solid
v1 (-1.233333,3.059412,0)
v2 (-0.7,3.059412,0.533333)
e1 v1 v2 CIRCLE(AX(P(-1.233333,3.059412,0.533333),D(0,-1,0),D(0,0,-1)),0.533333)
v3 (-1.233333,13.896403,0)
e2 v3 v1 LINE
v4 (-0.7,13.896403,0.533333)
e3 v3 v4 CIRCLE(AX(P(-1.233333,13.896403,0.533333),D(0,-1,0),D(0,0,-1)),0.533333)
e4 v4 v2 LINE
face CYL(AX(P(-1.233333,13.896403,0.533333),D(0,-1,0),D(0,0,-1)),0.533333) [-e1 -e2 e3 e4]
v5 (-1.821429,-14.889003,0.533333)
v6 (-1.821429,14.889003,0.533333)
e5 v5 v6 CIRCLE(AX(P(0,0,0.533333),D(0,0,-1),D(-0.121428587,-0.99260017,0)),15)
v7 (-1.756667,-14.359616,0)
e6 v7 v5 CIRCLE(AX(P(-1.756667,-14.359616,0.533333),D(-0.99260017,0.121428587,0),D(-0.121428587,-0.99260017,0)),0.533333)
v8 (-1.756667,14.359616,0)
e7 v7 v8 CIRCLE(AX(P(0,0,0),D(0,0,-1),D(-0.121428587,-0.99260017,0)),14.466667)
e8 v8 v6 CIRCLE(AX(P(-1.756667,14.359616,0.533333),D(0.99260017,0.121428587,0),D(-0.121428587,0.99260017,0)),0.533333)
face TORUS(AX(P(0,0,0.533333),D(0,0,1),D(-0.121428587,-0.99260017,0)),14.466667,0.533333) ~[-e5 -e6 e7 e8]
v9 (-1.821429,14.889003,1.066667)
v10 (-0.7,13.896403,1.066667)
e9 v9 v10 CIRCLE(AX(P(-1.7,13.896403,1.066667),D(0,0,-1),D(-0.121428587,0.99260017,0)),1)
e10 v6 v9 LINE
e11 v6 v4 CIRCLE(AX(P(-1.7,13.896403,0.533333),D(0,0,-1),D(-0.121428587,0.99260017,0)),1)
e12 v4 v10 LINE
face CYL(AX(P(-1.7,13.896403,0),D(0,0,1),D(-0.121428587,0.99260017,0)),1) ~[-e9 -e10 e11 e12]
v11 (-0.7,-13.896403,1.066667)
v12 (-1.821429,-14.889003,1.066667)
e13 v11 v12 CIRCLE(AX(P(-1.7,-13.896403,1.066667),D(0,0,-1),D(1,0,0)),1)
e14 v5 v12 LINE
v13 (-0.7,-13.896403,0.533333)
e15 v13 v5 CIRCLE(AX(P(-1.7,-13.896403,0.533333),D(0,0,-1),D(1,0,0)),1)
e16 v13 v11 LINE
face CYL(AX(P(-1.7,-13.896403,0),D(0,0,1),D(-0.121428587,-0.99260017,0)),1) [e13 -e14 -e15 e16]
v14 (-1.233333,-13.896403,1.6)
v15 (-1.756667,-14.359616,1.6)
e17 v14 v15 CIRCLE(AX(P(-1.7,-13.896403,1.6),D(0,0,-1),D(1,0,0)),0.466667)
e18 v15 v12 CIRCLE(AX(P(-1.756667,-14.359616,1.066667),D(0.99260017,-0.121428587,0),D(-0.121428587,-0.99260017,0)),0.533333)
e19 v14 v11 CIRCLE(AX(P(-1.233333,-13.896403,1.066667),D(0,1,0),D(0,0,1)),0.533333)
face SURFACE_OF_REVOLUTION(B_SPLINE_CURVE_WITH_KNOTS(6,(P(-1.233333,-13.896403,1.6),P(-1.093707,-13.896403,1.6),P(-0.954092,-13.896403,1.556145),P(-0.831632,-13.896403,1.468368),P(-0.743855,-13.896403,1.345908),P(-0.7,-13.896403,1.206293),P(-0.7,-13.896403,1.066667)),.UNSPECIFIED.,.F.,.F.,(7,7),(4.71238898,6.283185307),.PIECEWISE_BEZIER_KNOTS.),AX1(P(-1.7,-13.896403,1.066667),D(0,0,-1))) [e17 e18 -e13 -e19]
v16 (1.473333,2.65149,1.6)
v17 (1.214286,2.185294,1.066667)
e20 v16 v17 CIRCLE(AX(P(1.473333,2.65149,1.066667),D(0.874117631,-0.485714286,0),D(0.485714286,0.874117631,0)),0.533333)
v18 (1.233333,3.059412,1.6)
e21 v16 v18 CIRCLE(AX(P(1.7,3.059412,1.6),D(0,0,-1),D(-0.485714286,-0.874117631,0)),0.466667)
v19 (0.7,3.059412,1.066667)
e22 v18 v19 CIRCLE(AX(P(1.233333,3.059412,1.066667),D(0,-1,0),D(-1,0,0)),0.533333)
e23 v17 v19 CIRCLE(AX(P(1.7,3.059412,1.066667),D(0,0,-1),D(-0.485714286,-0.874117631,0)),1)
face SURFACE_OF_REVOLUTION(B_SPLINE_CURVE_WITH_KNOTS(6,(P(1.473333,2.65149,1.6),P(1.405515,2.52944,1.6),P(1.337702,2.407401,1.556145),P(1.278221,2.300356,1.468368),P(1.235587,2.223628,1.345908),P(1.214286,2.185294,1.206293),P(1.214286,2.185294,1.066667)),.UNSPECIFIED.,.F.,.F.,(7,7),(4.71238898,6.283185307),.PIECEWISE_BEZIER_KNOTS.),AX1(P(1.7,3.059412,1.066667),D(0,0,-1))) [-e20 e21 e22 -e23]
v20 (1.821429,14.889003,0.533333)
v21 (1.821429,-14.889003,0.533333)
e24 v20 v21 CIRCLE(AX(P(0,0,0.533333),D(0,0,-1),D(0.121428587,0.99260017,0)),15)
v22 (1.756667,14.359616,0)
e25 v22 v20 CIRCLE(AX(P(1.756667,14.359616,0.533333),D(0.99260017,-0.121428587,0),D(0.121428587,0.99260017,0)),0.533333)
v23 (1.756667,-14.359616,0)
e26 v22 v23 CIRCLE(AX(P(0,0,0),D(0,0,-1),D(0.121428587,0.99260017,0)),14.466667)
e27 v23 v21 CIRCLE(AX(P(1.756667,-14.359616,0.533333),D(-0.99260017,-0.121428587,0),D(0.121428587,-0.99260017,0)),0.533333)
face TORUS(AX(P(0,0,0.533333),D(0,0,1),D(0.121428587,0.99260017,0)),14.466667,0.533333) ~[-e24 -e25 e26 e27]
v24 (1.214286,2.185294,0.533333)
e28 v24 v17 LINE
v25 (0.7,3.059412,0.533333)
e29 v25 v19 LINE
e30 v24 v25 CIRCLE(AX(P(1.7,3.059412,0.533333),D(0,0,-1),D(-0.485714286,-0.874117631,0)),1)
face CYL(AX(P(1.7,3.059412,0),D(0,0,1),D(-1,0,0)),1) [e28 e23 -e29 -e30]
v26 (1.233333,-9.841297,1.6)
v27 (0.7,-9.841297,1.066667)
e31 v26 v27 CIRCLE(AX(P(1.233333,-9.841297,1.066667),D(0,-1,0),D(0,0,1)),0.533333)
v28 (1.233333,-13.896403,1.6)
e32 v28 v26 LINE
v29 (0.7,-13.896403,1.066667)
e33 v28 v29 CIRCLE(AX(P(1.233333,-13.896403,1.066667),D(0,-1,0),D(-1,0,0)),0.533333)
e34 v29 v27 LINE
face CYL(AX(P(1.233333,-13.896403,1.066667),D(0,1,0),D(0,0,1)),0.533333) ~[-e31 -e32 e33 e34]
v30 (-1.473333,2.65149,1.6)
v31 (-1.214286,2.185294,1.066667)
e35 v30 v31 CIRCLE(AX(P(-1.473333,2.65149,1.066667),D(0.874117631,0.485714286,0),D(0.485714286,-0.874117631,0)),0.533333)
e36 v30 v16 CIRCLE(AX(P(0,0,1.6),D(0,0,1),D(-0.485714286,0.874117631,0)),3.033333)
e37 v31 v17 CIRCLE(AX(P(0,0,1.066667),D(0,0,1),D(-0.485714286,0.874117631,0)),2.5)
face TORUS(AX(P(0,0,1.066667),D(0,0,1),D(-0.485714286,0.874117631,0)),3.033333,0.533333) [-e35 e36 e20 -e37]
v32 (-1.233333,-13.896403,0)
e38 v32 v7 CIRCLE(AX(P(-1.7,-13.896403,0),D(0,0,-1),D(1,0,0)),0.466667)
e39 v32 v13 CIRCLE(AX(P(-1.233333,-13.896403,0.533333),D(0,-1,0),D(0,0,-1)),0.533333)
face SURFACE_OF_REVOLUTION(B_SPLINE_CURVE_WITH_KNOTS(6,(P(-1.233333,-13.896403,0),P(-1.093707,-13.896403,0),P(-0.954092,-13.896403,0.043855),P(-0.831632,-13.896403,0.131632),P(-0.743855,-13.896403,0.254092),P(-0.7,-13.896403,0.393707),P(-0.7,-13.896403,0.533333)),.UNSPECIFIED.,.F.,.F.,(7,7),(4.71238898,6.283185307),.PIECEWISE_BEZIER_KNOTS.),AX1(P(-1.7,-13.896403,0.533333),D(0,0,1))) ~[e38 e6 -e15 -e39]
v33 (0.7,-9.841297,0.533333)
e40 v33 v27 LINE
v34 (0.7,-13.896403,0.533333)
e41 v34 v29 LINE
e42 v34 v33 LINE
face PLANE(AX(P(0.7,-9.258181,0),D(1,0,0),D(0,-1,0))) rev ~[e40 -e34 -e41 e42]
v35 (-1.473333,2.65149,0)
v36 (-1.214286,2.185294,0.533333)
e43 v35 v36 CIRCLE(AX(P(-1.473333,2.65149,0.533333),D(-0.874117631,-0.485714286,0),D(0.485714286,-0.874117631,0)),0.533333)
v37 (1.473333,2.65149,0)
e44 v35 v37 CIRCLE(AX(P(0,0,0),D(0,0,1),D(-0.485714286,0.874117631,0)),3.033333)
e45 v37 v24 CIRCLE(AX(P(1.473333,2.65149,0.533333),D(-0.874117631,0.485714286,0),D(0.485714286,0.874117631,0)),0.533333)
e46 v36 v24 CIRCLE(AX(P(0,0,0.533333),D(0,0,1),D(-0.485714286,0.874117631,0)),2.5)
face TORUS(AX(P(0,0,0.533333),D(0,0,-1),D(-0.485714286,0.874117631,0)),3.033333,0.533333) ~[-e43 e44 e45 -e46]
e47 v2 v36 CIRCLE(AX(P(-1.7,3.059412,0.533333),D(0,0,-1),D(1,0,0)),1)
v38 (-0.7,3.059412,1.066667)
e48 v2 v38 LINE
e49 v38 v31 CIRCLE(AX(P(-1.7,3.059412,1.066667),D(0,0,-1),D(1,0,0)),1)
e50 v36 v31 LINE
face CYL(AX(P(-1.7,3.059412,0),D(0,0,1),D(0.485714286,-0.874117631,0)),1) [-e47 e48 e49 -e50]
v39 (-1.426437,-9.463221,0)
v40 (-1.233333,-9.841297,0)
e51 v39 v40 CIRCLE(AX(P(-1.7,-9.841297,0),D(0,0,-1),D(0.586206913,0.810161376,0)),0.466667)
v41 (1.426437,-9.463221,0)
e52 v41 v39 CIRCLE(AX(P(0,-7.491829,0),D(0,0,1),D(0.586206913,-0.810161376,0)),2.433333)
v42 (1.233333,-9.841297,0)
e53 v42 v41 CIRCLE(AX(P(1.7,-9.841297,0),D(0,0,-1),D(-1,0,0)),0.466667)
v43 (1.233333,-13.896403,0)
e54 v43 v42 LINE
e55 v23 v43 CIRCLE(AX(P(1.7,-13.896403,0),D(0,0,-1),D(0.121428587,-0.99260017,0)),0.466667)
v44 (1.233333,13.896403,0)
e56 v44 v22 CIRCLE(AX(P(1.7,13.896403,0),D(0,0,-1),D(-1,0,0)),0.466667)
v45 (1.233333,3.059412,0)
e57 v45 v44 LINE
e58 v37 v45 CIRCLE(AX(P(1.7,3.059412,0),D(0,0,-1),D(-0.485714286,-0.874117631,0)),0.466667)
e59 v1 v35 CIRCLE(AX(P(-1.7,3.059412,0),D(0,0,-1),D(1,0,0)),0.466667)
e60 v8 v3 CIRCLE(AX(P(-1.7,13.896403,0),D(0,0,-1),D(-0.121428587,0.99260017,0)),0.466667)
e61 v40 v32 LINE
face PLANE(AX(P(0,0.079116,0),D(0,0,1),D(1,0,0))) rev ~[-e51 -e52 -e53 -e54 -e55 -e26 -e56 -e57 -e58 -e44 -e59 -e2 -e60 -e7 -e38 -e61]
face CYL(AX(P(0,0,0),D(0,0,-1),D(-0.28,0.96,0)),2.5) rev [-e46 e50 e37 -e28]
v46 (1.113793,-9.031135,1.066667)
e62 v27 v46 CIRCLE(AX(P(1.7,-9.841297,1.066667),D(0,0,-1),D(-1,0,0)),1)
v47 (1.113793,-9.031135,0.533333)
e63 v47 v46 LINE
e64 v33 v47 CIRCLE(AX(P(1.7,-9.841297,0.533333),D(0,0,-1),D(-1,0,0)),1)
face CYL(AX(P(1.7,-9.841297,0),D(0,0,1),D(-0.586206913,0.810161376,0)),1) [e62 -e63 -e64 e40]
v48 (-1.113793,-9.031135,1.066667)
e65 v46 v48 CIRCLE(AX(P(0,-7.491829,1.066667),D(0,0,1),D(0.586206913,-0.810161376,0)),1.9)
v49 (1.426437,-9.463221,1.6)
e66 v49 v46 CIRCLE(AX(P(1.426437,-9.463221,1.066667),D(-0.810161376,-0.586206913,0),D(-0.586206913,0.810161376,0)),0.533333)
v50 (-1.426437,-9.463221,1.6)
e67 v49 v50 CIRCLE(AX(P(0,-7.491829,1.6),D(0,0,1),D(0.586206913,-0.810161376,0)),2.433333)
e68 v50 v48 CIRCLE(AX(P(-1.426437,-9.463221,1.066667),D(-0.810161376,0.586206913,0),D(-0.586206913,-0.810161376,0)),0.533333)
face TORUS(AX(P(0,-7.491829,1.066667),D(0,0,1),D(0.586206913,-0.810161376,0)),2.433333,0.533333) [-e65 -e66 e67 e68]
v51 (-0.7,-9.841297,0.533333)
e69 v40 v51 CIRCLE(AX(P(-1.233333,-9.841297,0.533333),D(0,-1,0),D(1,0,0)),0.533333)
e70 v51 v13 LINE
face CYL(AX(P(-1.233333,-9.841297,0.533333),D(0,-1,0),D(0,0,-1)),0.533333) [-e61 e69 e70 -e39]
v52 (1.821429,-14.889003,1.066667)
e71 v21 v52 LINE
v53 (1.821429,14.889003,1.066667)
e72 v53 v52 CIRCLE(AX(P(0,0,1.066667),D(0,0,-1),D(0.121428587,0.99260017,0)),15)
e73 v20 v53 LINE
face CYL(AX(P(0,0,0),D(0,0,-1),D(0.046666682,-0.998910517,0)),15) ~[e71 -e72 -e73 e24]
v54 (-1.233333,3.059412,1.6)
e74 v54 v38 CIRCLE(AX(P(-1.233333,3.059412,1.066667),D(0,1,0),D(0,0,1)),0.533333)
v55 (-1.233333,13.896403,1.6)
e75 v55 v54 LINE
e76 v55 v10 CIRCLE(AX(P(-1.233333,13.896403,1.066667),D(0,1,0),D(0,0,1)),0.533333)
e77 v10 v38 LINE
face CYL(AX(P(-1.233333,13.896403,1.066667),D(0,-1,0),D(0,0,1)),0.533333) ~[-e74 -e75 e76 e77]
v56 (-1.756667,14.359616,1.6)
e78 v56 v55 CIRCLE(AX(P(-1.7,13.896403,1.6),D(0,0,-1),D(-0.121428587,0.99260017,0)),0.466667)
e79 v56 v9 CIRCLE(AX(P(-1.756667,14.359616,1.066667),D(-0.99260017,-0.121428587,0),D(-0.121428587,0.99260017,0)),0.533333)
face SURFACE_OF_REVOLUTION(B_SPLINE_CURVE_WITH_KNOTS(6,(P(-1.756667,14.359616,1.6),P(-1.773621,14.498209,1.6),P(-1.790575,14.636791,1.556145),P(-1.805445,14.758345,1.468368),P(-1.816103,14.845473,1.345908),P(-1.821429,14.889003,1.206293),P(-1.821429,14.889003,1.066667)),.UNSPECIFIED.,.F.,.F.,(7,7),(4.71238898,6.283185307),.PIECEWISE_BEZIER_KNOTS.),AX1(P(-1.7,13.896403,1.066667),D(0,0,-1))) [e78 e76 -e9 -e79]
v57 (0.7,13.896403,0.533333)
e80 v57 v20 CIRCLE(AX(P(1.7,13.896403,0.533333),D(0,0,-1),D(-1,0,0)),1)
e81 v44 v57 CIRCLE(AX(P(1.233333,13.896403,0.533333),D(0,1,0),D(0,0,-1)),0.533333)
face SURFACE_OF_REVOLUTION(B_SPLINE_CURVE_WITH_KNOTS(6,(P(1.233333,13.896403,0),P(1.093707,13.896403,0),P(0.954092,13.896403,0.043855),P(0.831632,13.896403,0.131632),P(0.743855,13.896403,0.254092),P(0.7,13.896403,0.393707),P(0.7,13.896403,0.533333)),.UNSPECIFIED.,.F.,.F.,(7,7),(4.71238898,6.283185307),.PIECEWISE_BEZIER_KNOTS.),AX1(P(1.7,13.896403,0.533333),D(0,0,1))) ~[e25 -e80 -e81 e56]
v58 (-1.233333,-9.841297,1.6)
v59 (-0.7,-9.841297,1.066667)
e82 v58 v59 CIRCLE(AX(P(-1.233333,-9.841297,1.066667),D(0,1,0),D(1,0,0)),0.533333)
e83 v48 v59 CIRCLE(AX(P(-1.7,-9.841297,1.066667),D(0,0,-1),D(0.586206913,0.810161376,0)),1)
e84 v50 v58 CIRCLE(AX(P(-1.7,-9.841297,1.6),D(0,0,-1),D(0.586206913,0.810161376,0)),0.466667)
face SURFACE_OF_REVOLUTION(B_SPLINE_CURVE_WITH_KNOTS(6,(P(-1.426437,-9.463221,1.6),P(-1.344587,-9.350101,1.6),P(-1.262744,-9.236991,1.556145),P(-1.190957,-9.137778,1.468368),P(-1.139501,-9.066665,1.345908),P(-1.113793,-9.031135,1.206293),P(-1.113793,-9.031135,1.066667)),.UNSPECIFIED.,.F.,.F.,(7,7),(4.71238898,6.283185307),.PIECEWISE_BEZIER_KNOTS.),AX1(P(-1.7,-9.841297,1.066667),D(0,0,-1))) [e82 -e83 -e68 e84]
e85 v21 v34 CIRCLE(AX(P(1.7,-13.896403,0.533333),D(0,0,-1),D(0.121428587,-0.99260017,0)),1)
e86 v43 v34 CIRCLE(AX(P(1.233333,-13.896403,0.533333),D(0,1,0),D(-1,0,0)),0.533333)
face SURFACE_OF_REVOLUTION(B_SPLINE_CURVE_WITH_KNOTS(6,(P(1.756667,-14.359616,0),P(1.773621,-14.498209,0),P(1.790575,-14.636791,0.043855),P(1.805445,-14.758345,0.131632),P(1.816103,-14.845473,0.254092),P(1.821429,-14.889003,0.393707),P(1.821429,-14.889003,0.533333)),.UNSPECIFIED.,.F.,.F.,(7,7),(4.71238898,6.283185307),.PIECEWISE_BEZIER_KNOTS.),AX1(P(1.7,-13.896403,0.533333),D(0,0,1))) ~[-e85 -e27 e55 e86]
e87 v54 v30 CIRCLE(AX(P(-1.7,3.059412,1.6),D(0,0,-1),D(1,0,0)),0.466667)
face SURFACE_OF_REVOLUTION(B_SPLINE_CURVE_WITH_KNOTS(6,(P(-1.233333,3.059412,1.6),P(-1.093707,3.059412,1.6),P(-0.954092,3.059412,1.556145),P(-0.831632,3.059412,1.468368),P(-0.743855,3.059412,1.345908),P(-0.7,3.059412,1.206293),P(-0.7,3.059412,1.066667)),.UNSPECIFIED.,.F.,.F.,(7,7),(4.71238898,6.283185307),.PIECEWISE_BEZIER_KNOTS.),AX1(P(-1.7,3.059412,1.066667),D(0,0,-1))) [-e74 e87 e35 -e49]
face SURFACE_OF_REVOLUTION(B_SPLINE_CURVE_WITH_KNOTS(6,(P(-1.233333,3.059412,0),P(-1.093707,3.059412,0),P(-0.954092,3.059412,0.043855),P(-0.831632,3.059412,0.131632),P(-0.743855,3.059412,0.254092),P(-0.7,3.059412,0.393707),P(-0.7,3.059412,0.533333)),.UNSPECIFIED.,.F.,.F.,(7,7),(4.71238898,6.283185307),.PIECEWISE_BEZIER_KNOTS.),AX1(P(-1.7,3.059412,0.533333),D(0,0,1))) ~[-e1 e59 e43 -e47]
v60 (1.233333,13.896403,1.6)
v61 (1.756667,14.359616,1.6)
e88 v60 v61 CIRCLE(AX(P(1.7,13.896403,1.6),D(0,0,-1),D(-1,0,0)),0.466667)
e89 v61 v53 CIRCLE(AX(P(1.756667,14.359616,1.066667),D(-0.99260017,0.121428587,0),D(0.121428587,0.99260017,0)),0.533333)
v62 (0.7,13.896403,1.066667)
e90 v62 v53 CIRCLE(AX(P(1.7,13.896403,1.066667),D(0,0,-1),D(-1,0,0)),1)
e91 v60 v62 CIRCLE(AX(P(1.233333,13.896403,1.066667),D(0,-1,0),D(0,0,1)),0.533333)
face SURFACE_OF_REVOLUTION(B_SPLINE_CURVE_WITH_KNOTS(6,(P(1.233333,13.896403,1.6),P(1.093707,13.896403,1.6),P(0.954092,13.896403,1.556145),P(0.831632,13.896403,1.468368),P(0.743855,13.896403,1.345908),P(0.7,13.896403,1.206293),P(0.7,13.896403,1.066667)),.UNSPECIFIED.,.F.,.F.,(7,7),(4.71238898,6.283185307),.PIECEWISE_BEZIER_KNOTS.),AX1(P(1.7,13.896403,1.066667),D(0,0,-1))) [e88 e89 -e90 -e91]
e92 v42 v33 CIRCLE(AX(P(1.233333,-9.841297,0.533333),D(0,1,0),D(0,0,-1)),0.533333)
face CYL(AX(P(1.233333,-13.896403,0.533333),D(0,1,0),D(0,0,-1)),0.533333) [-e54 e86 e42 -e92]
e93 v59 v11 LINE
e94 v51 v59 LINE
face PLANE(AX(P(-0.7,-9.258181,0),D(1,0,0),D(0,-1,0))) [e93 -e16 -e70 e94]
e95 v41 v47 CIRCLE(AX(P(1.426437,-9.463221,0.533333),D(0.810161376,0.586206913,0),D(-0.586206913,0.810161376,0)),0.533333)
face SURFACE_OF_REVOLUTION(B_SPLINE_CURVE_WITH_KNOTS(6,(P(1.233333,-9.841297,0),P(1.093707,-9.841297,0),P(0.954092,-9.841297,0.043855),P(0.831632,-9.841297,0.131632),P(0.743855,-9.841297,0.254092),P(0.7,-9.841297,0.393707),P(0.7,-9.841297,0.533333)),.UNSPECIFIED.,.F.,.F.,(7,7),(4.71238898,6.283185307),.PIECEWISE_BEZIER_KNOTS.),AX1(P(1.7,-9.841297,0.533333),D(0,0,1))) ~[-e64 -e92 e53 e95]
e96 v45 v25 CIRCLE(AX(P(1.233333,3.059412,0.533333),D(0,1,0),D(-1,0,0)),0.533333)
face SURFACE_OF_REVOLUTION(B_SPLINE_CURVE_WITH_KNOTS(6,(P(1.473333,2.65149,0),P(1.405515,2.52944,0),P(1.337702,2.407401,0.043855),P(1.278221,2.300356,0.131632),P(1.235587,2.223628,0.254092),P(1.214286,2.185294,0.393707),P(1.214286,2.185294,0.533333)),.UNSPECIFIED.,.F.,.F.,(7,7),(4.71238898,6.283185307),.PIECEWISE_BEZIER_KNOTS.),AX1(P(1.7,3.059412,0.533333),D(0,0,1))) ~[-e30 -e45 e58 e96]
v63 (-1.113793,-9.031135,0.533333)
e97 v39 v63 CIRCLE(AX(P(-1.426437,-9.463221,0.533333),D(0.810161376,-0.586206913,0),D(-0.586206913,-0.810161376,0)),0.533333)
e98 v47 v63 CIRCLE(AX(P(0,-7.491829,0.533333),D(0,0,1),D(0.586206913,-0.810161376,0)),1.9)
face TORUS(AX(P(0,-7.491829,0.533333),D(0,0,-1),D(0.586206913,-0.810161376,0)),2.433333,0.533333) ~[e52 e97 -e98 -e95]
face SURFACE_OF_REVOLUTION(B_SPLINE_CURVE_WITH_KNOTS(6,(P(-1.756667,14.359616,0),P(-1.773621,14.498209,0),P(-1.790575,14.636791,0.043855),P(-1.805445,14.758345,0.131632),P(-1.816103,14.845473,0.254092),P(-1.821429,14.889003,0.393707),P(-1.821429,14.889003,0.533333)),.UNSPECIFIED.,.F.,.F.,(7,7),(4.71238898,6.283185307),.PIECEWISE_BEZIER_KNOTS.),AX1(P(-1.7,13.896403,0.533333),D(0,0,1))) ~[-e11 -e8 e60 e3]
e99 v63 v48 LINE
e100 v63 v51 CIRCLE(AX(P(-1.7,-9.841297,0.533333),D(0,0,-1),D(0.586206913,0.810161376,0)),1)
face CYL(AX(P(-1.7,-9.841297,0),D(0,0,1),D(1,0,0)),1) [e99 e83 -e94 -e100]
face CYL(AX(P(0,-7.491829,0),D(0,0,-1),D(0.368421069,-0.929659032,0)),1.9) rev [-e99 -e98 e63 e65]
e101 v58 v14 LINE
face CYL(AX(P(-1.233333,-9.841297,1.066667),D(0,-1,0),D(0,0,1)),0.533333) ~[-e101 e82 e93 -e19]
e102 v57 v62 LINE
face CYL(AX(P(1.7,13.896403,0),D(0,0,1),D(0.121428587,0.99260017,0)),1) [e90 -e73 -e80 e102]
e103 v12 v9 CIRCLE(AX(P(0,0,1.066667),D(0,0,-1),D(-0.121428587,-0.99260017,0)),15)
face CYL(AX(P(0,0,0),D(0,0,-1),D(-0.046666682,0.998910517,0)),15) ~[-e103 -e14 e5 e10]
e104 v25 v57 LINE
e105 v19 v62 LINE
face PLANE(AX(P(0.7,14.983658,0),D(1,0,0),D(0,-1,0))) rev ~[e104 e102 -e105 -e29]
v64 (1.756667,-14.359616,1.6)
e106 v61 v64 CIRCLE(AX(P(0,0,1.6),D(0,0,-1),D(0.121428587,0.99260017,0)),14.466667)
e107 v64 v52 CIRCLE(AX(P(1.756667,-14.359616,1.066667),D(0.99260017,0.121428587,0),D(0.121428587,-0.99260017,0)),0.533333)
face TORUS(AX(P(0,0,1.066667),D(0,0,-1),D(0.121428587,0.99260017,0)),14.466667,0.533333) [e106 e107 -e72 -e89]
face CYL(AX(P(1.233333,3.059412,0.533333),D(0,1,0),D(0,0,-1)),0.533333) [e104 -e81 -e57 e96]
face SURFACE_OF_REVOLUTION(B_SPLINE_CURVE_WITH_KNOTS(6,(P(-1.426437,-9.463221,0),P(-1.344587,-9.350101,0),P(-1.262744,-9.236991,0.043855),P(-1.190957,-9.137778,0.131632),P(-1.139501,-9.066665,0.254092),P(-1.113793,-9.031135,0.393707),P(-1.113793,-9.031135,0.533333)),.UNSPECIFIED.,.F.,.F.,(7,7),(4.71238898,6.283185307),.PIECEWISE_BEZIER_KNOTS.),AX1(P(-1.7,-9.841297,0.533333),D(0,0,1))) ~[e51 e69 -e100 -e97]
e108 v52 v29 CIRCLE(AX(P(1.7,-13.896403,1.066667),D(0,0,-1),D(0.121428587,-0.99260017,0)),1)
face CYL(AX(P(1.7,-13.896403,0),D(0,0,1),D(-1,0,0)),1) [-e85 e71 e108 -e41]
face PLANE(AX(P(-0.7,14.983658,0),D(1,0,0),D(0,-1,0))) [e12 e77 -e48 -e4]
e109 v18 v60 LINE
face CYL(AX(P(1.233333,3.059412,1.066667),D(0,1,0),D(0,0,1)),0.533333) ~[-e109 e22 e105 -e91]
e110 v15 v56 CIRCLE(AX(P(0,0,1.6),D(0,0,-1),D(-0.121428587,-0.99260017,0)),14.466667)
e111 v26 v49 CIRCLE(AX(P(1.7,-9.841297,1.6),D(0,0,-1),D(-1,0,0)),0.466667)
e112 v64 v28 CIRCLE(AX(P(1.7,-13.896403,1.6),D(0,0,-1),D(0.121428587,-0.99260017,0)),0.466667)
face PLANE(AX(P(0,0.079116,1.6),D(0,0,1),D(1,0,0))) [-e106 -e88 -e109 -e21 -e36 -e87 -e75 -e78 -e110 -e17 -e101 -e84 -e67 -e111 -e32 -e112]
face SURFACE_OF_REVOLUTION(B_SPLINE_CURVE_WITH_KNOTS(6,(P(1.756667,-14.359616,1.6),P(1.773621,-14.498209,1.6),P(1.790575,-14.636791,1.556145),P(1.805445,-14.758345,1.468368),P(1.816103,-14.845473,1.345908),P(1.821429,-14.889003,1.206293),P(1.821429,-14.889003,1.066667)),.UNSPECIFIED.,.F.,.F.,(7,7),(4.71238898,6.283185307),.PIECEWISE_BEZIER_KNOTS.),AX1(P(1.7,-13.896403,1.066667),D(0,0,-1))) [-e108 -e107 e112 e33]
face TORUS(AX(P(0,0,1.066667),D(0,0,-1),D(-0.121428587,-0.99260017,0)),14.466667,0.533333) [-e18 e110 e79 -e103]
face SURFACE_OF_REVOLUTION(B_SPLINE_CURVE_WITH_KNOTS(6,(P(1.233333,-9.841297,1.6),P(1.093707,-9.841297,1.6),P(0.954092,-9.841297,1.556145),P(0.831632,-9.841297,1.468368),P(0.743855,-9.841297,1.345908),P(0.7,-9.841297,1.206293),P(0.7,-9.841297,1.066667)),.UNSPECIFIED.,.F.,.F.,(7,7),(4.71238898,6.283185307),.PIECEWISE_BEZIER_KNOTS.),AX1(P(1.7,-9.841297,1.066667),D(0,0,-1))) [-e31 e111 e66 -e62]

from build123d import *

# Parameters (mm, degrees)
PAD_DEPTH   = 1.6
FILLET_R    = 1
FILLET001_R = 0.533333


with BuildPart() as part:
    # Sketch → Pad (new body)
    with BuildSketch(Plane.XY):
        with BuildLine():
            ThreePointArc((-0.7, 14.983658), (-15, 0), (-0.7, -14.983658))
            Line((-0.7, -9.258181), (-0.7, -14.983658))
            ThreePointArc((0.7, -9.258181), (0, -5.591829), (-0.7, -9.258181))
            Line((0.7, -9.258181), (0.7, -14.983658))
            ThreePointArc((0.7, -14.983658), (15, 0), (0.7, 14.983658))
            Line((0.7, 14.983658), (0.7, 2.4))
            ThreePointArc((-0.7, 2.4), (0, -2.5), (0.7, 2.4))
            Line((-0.7, 14.983658), (-0.7, 2.4))
        make_face()
    extrude(amount=PAD_DEPTH)

    # Fillet
    fillet_edges = [part.edges().sort_by_distance(p)[0] for p in [
        (-0.7, -14.983658, 0.8),
        (0.7, -14.983658, 0.8),
        (0.7, -9.258181, 0.8),
        (-0.7, -9.258181, 0.8),
        (-0.7, 2.4, 0.8),
        (0.7, 2.4, 0.8),
        (-0.7, 14.983658, 0.8),
        (0.7, 14.983658, 0.8),
    ]]
    fillet(fillet_edges, radius=FILLET_R)

    # Fillet001
    fillet001_edges = [part.edges().sort_by_distance(p)[0] for p in [
        (-0.7, 8.477907, 1.6),
        (-1.037214, 14.645211, 1.6),
        (-0.838108, 2.552319, 1.6),
        (-15, 0, 1.6),
        (0, -2.5, 1.6),
        (-1.037214, -14.645211, 1.6),
        (0.838108, 2.552319, 1.6),
        (-0.7, -11.86885, 1.6),
        (0.7, 8.477907, 1.6),
        (-0.809436, -9.386438, 1.6),
        (1.037214, 14.645211, 1.6),
        (0, -5.591829, 1.6),
        (15, 0, 1.6),
        (0.809436, -9.386438, 1.6),
        (1.037214, -14.645211, 1.6),
        (0.7, -11.86885, 1.6),
        (-0.7, 8.477907, 0),
        (-1.037214, 14.645211, 0),
        (-0.838108, 2.552319, 0),
        (-15, 0, 0),
        (0, -2.5, 0),
        (-1.037214, -14.645211, 0),
        (0.838108, 2.552319, 0),
        (-0.7, -11.86885, 0),
        (0.7, 8.477907, 0),
        (-0.809436, -9.386438, 0),
        (1.037214, 14.645211, 0),
        (0, -5.591829, 0),
        (15, 0, 0),
        (0.809436, -9.386438, 0),
        (1.037214, -14.645211, 0),
        (0.7, -11.86885, 0),
    ]]
    fillet(fillet001_edges, radius=FILLET001_R)


solid = part.part
